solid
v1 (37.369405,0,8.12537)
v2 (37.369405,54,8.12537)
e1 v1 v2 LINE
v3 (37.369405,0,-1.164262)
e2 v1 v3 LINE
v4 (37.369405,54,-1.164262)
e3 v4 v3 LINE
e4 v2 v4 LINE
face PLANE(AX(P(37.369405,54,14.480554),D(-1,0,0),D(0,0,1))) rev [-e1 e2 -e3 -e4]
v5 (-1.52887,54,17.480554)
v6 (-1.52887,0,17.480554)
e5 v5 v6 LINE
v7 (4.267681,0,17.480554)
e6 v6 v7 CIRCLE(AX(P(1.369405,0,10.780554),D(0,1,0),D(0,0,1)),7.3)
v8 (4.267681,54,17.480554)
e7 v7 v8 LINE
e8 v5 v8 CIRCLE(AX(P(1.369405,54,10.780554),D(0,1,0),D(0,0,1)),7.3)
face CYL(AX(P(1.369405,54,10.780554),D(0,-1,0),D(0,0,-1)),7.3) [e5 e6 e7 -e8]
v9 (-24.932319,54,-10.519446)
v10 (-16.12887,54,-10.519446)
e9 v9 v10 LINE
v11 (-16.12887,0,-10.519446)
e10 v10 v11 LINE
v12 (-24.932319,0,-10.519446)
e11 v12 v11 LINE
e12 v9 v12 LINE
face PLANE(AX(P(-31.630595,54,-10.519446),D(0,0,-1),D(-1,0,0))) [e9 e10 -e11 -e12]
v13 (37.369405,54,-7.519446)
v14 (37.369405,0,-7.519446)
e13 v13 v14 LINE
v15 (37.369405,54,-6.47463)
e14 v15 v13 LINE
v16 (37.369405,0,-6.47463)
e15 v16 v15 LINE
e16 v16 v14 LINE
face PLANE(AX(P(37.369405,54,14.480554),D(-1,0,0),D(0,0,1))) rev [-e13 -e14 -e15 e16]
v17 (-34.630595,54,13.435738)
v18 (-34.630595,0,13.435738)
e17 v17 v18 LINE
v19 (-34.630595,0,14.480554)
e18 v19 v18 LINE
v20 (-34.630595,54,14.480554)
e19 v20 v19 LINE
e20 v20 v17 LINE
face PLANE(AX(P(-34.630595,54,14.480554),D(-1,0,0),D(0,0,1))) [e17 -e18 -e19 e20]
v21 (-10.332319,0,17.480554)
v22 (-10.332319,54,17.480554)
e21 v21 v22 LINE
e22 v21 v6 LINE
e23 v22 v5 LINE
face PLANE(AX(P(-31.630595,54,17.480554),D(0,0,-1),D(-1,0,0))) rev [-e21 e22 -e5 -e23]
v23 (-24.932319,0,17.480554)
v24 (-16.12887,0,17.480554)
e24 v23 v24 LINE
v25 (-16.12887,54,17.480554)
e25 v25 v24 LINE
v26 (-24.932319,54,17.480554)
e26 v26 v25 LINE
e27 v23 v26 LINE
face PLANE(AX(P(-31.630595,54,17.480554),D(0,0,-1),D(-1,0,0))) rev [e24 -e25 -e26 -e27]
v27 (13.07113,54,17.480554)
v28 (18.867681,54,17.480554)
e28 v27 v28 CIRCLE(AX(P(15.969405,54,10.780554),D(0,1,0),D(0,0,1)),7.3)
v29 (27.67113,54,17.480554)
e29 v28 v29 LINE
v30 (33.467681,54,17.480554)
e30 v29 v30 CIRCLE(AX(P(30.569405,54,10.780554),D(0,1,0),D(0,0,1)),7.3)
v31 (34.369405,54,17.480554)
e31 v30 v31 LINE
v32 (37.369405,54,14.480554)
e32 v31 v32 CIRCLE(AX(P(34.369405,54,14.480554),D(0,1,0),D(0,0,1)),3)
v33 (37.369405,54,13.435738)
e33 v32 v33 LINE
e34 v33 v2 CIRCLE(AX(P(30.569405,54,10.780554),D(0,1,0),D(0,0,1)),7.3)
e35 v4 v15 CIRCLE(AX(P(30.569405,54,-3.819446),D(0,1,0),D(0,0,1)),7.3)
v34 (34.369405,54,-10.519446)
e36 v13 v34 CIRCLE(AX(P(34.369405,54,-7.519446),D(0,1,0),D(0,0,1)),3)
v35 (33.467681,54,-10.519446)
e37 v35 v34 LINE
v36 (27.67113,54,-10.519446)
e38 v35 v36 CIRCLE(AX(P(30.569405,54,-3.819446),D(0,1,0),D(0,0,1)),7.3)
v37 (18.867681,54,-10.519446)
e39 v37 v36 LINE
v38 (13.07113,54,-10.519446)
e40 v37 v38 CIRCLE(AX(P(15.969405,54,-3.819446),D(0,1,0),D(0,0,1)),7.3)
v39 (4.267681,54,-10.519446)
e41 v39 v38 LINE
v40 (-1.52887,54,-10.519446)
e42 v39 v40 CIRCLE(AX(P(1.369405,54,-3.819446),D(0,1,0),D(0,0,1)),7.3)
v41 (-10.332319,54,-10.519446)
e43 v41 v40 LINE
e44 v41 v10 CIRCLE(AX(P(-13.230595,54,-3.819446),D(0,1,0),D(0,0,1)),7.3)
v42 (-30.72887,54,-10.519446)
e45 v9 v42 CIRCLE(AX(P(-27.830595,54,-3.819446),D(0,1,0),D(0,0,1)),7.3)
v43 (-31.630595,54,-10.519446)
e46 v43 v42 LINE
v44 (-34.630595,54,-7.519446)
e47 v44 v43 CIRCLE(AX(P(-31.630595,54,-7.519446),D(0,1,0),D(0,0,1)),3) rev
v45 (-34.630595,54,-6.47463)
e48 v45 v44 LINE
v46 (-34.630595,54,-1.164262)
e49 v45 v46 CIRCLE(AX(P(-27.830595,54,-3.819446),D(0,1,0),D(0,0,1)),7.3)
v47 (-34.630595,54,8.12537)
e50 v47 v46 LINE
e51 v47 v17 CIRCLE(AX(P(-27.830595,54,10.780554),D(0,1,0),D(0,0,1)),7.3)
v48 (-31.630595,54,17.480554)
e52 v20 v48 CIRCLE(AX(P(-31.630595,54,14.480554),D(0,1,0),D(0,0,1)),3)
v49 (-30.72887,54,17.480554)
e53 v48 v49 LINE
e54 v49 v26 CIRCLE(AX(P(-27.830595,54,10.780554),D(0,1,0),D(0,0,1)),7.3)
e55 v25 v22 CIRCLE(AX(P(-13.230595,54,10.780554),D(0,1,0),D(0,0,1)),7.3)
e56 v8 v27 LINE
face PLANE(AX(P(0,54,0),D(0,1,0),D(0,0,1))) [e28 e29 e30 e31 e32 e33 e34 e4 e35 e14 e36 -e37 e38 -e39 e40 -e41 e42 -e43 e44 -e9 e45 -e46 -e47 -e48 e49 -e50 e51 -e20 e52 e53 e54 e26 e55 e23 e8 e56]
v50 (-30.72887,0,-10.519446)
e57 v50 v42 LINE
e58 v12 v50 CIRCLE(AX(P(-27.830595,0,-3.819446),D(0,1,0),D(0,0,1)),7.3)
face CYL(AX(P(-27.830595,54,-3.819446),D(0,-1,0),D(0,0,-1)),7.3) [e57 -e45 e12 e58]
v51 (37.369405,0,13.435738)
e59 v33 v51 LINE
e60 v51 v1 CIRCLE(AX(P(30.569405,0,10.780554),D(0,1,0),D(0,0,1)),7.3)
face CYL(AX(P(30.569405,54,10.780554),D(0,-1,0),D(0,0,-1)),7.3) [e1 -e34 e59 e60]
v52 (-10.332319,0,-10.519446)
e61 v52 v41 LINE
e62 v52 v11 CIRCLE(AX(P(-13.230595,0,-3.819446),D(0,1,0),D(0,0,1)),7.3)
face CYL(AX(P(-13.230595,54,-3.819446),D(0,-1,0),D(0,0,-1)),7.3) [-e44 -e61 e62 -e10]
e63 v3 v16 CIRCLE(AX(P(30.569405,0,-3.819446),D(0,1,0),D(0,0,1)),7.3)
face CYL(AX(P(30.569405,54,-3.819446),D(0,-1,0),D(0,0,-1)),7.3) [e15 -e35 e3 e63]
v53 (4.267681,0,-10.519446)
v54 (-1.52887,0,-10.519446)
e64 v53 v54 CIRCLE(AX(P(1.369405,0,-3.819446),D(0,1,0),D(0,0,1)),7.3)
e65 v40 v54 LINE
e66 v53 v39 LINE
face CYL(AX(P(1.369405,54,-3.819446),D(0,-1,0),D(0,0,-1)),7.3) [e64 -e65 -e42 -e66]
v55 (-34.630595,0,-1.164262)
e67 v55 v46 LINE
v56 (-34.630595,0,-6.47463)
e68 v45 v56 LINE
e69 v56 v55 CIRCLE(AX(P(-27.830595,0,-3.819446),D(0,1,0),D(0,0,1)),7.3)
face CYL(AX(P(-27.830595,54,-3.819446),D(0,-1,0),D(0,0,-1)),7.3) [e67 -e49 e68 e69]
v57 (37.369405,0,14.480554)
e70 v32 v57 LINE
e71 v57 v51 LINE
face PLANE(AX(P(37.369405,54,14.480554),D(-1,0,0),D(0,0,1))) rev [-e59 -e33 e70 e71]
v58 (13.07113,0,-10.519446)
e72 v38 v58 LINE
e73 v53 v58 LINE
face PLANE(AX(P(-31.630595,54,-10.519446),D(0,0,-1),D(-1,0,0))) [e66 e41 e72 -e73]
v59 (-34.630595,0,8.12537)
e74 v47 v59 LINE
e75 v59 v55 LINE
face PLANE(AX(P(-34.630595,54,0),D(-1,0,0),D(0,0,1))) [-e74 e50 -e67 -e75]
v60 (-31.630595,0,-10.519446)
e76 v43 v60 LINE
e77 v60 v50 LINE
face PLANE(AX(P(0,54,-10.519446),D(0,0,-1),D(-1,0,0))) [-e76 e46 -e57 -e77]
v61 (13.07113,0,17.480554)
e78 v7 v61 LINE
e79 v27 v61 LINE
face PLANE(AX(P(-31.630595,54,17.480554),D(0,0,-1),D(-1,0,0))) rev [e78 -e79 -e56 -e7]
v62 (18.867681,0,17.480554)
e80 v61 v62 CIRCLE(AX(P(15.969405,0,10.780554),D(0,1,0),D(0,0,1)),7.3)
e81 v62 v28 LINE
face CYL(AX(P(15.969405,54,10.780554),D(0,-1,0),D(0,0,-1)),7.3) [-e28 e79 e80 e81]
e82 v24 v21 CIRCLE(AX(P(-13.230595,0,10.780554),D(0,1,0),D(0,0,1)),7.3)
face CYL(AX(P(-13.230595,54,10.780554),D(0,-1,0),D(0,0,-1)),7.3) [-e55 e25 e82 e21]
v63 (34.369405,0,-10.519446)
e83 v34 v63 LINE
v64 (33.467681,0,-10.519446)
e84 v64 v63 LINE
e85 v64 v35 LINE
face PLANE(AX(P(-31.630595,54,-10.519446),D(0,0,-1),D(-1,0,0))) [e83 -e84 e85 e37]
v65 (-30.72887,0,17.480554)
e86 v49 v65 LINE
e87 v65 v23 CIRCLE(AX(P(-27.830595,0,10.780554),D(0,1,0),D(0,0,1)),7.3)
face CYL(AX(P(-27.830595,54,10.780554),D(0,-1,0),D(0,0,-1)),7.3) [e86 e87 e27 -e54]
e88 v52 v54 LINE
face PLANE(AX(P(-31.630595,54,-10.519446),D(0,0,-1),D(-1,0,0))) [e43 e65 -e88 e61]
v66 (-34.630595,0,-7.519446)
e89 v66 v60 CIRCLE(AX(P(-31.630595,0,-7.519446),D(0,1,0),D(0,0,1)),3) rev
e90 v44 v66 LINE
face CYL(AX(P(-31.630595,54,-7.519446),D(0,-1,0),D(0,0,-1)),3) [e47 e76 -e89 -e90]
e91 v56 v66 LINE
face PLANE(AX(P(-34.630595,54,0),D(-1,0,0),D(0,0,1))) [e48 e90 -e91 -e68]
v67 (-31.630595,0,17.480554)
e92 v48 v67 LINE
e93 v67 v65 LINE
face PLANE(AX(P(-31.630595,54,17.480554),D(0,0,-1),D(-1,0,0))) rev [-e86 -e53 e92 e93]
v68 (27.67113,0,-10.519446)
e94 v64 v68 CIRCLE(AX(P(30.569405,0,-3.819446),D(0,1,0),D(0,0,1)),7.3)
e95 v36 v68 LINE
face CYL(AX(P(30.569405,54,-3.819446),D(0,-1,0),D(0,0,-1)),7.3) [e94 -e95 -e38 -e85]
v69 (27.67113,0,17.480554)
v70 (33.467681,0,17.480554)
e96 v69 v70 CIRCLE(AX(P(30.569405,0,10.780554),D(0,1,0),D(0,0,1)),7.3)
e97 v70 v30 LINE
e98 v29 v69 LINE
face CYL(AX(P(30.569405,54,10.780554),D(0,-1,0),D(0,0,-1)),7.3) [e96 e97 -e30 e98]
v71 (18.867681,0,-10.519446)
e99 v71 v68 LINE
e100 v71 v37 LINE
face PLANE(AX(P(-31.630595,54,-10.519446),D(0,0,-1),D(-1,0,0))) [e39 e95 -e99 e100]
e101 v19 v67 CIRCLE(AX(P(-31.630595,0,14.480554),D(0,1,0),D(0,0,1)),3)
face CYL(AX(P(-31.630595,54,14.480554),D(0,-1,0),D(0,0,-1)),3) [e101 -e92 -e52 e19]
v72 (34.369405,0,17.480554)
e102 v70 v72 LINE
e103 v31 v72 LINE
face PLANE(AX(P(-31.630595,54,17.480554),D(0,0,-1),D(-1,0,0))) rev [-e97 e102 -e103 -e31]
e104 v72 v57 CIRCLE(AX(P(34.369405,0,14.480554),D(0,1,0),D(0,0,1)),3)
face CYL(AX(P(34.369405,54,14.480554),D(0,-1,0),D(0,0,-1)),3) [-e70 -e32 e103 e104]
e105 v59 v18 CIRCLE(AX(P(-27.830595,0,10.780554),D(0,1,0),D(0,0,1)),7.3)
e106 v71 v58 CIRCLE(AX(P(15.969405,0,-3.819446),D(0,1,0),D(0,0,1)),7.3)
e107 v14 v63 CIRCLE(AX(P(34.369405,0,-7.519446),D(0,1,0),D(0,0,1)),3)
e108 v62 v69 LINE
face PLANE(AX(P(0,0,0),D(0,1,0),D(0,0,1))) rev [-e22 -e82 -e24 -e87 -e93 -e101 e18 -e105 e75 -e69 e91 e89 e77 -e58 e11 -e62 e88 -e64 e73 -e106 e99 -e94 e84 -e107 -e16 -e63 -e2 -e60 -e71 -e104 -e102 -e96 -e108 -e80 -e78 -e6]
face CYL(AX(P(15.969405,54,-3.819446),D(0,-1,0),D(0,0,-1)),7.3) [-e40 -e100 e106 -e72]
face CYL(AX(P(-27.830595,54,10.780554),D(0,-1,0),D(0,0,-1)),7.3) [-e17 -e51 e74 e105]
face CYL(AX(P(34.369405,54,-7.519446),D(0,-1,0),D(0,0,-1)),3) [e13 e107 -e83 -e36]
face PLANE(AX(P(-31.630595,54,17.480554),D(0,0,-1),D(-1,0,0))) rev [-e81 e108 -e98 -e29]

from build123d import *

# Parameters (mm, degrees)
BOSS_EXTRUDE1_DEPTH = 54


with BuildPart() as part:
    # Sketch1 → Boss-Extrude1 (new body)
    with BuildSketch(Plane(origin=(0, 0, 0), x_dir=(1, 0, 0), z_dir=(0, 1, 0))):
        with BuildLine():
            ThreePointArc((-34.630594518, -14.480554015), (-33.751914861, -16.601874359), (-31.630594518, -17.480554015))
            Line((-31.630594518, -17.480554015), (-30.728869867, -17.480554015))
            ThreePointArc((-30.728869867, -17.480554015), (-27.830594518, -18.080554015), (-24.932319169, -17.480554015))
            Line((-24.932319169, -17.480554015), (-16.128869867, -17.480554015))
            ThreePointArc((-16.128869867, -17.480554015), (-13.230594518, -18.080554015), (-10.332319169, -17.480554015))
            Line((-10.332319169, -17.480554015), (-1.528869867, -17.480554015))
            ThreePointArc((-1.528869867, -17.480554015), (1.369405482, -18.080554015), (4.267680831, -17.480554015))
            Line((4.267680831, -17.480554015), (13.071130133, -17.480554015))
            ThreePointArc((13.071130133, -17.480554015), (15.969405482, -18.080554015), (18.867680831, -17.480554015))
            Line((18.867680831, -17.480554015), (27.671130133, -17.480554015))
            ThreePointArc((27.671130133, -17.480554015), (30.569405482, -18.080554015), (33.467680831, -17.480554015))
            Line((33.467680831, -17.480554015), (34.369405482, -17.480554015))
            ThreePointArc((34.369405482, -17.480554015), (36.490725826, -16.601874359), (37.369405482, -14.480554015))
            Line((37.369405482, -14.480554015), (37.369405482, -13.435737625))
            ThreePointArc((37.369405482, -13.435737625), (37.869405482, -10.780554015), (37.369405482, -8.125370406))
            Line((37.369405482, -8.125370406), (37.369405482, 1.164262375))
            ThreePointArc((37.369405482, 1.164262375), (37.869405482, 3.819445985), (37.369405482, 6.474629594))
            Line((37.369405482, 6.474629594), (37.369405482, 7.519445985))
            ThreePointArc((37.369405482, 7.519445985), (36.490725826, 9.640766328), (34.369405482, 10.519445985))
            Line((34.369405482, 10.519445985), (33.467680831, 10.519445985))
            ThreePointArc((33.467680831, 10.519445985), (30.569405482, 11.119445985), (27.671130133, 10.519445985))
            Line((27.671130133, 10.519445985), (18.867680831, 10.519445985))
            ThreePointArc((18.867680831, 10.519445985), (15.969405482, 11.119445985), (13.071130133, 10.519445985))
            Line((13.071130133, 10.519445985), (4.267680831, 10.519445985))
            ThreePointArc((4.267680831, 10.519445985), (1.369405482, 11.119445985), (-1.528869867, 10.519445985))
            Line((-1.528869867, 10.519445985), (-10.332319169, 10.519445985))
            ThreePointArc((-10.332319169, 10.519445985), (-13.230594518, 11.119445985), (-16.128869867, 10.519445985))
            Line((-16.128869867, 10.519445985), (-24.932319169, 10.519445985))
            ThreePointArc((-24.932319169, 10.519445985), (-27.830594518, 11.119445985), (-30.728869867, 10.519445985))
            Line((-30.728869867, 10.519445985), (-31.630594518, 10.519445985))
            ThreePointArc((-31.630594518, 10.519445985), (-33.751914861, 9.640766328), (-34.630594518, 7.519445985))
            Line((-34.630594518, 7.519445985), (-34.630594518, 6.474629594))
            ThreePointArc((-34.630594518, 6.474629594), (-35.130594518, 3.819445985), (-34.630594518, 1.164262375))
            Line((-34.630594518, 1.164262375), (-34.630594518, -8.125370406))
            ThreePointArc((-34.630594518, -8.125370406), (-35.130594518, -10.780554015), (-34.630594518, -13.435737625))
            Line((-34.630594518, -13.435737625), (-34.630594518, -14.480554015))
        make_face()
    extrude(amount=BOSS_EXTRUDE1_DEPTH)


solid = part.part
